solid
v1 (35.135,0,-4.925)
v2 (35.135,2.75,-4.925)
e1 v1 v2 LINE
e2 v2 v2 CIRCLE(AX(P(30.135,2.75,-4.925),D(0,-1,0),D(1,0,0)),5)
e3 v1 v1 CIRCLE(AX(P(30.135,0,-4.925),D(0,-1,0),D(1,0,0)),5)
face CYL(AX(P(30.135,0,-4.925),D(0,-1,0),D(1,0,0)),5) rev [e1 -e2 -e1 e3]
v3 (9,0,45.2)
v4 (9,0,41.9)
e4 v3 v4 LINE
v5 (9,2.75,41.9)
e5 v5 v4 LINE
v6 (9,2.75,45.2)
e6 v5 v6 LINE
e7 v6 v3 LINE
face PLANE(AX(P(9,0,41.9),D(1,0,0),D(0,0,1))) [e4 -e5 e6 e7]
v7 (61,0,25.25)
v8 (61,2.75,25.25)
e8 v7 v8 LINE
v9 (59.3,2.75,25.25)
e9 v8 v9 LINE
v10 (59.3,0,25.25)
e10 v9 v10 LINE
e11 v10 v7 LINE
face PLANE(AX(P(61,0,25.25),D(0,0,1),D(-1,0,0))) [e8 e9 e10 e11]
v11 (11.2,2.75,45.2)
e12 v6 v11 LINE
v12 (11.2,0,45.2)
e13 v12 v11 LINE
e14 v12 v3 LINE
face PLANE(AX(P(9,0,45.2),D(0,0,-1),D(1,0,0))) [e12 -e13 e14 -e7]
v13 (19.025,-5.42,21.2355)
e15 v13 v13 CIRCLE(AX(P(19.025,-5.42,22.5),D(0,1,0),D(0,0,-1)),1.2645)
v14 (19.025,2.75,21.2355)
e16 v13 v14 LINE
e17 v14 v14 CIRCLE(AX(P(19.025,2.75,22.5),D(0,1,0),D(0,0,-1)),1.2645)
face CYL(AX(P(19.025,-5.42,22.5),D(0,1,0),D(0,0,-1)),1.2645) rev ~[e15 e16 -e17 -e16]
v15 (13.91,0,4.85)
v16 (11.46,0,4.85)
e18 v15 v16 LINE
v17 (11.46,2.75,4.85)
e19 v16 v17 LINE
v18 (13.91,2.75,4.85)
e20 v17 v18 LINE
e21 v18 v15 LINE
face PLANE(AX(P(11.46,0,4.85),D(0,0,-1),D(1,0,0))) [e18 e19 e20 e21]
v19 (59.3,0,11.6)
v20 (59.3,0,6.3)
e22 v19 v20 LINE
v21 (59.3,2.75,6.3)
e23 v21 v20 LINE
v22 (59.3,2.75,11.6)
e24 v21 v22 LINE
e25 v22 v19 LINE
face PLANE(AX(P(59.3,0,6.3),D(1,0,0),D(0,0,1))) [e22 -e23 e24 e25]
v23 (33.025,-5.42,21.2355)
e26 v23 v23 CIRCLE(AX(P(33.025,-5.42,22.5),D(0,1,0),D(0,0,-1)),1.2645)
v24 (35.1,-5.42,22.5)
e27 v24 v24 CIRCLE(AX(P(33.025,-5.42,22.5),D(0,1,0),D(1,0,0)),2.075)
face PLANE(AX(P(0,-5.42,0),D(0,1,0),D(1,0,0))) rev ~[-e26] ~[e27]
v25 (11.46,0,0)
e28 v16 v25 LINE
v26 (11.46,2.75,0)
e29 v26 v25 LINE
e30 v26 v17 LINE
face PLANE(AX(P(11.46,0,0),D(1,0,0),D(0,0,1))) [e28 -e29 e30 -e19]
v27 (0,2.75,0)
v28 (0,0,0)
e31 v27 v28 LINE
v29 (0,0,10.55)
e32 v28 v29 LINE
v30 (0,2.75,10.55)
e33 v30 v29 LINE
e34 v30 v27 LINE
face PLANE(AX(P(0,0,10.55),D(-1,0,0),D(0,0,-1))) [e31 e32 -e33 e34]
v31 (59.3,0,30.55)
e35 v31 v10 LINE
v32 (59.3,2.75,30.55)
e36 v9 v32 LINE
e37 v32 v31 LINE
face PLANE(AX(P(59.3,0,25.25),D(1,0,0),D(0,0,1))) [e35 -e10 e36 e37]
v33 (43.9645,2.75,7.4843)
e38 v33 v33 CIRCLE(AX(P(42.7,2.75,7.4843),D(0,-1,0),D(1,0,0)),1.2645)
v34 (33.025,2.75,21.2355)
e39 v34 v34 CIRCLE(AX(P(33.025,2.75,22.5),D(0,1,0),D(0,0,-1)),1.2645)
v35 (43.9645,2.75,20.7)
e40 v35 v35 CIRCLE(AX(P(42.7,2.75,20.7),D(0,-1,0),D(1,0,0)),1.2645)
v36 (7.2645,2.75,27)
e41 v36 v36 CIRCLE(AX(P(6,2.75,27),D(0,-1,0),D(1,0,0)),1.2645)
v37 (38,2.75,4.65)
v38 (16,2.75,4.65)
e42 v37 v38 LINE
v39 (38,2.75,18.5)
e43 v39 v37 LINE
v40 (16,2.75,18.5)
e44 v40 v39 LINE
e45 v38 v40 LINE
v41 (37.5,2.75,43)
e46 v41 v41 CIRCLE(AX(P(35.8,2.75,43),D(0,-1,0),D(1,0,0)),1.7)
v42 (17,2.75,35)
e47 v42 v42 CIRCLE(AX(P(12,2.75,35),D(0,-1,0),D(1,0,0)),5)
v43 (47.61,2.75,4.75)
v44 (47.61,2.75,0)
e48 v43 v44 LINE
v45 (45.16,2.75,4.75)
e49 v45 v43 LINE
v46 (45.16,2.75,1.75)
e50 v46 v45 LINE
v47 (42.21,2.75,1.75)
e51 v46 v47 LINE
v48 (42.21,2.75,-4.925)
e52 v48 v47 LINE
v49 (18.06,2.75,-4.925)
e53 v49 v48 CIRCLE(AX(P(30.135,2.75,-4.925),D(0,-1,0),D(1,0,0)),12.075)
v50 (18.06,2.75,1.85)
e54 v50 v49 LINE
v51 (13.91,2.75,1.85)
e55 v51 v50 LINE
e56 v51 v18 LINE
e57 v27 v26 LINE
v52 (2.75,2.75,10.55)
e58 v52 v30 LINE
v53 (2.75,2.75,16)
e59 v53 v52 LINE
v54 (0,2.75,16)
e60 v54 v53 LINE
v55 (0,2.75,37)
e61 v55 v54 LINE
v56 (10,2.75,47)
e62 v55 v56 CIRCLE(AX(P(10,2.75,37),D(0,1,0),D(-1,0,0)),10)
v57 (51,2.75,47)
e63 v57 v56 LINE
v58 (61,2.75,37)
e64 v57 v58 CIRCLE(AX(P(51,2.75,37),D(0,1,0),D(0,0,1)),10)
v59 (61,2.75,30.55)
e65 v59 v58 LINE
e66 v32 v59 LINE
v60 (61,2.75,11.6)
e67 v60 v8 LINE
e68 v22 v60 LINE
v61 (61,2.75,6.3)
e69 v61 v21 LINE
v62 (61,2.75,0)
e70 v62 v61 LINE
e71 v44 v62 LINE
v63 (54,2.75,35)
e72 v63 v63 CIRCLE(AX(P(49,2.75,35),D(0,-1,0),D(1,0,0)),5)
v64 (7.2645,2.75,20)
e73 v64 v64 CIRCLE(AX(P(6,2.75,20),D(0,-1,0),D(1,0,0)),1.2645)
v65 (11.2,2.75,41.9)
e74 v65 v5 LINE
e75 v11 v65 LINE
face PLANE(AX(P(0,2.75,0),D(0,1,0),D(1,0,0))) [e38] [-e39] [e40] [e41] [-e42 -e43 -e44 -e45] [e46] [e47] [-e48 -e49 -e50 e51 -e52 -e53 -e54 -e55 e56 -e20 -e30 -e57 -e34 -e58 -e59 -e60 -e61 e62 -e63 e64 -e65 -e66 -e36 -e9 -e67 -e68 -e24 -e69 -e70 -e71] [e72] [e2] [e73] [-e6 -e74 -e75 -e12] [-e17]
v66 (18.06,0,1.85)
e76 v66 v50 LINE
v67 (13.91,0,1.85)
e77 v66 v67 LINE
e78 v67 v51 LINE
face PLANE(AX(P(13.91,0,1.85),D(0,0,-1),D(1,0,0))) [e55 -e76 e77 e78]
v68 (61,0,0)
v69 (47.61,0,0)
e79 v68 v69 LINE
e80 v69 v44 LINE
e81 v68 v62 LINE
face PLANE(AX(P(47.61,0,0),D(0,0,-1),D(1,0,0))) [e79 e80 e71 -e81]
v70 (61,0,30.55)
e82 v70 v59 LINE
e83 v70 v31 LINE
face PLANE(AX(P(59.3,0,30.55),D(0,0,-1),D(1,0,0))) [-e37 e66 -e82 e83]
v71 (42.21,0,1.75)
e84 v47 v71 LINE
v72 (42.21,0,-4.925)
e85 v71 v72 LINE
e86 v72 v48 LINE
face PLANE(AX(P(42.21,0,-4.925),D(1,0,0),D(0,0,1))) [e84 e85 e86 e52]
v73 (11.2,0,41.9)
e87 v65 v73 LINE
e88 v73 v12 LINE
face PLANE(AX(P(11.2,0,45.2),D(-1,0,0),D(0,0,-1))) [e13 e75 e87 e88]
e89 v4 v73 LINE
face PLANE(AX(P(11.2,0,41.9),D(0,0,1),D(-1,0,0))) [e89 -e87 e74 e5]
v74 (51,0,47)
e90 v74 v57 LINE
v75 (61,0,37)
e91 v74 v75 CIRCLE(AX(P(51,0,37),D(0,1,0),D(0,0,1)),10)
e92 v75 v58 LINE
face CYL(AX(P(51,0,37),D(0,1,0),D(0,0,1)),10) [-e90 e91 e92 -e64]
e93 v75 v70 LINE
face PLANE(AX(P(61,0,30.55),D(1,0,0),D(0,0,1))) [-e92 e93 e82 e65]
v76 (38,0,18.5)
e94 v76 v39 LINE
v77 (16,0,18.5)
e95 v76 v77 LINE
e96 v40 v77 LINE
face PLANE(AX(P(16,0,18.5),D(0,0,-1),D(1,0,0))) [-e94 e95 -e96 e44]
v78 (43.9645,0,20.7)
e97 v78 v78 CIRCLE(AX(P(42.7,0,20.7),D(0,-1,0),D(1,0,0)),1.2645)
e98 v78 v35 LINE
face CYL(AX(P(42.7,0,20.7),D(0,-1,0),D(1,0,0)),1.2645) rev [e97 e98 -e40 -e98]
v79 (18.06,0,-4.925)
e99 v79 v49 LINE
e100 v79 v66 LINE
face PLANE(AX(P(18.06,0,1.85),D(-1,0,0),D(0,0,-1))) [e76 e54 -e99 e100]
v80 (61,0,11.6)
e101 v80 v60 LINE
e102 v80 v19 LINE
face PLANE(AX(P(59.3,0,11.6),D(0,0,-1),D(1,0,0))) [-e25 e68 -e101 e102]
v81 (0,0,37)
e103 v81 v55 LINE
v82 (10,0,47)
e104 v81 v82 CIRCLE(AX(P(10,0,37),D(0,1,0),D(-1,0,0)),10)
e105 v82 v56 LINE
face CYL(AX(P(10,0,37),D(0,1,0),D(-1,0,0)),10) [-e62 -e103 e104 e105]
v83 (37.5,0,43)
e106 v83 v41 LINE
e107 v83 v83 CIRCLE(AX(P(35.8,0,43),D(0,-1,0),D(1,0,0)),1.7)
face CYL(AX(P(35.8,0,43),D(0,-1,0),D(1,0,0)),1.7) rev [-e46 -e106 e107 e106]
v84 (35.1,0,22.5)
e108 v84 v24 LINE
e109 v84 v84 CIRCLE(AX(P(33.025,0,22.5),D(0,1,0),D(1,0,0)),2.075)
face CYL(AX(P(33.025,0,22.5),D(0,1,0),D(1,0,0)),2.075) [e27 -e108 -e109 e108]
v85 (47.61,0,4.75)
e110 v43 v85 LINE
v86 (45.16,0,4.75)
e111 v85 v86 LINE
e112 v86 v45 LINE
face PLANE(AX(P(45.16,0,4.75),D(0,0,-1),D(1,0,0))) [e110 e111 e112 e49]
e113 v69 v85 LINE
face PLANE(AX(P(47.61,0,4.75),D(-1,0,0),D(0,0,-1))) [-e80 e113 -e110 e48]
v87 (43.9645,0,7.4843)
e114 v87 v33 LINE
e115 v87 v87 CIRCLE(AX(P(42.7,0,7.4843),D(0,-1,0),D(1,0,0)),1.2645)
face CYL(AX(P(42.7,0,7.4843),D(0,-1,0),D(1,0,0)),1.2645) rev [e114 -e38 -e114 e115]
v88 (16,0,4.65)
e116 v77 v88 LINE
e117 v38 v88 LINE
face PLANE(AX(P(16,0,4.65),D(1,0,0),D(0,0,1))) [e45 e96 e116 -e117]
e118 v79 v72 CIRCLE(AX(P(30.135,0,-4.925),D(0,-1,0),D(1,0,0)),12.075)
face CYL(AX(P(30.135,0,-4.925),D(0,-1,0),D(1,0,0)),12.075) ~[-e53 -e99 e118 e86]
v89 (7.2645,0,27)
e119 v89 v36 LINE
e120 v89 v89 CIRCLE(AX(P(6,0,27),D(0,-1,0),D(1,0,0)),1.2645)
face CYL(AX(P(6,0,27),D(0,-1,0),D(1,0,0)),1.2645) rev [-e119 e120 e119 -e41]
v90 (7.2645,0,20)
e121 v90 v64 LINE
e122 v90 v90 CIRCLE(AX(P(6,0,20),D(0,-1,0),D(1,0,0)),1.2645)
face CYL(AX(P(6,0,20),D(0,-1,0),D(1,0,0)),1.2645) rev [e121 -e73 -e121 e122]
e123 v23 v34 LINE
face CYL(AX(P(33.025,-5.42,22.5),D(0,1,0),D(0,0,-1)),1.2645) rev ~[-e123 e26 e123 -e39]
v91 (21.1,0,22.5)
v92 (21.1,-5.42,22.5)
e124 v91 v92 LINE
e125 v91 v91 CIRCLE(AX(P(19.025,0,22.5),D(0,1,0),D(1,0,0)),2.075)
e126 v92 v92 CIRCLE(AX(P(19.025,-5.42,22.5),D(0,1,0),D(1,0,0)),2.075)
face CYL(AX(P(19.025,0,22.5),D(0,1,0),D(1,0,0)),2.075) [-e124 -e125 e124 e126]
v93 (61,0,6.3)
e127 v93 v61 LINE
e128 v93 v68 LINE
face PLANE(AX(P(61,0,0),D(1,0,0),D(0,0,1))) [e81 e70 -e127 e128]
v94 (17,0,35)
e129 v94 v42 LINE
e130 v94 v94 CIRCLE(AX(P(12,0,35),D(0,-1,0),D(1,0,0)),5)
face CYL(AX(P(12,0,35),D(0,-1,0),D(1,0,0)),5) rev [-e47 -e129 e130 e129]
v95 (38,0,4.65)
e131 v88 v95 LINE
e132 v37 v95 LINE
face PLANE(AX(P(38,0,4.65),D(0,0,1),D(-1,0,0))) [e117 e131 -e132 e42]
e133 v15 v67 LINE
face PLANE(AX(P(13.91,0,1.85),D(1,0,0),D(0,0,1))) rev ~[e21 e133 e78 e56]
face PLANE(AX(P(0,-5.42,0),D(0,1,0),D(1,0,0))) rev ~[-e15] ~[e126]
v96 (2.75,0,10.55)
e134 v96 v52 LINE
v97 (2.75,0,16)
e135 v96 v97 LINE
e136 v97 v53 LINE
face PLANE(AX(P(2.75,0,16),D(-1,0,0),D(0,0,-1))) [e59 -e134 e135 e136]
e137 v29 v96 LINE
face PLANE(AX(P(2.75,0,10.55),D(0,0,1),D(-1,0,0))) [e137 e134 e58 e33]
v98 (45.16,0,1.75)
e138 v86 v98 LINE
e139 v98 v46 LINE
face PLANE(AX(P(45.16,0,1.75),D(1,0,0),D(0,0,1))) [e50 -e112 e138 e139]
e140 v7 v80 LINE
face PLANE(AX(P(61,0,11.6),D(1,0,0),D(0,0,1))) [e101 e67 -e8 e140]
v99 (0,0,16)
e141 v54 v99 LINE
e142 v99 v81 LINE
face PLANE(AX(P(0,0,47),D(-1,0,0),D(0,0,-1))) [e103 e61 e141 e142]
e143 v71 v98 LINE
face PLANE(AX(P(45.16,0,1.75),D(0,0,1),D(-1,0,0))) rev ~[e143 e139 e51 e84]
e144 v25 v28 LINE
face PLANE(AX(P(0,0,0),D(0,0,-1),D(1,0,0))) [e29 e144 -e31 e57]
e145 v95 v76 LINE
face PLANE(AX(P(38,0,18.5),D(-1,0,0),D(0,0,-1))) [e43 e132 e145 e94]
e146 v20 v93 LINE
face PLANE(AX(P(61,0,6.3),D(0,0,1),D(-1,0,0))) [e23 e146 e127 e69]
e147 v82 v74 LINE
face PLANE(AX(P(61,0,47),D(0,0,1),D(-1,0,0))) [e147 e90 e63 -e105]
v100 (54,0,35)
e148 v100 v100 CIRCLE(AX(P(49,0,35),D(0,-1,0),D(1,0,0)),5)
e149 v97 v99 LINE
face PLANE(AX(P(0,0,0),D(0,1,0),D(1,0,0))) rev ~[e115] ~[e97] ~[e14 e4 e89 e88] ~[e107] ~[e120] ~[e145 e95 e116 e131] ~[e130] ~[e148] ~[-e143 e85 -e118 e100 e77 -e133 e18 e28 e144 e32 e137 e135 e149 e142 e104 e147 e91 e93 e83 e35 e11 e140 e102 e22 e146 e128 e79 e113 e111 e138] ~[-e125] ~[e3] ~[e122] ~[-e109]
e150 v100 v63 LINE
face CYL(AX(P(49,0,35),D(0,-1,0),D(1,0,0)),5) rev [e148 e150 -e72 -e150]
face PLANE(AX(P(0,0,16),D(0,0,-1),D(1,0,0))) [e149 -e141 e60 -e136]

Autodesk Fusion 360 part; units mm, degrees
sketch "Sketch1" plane through (0, 0, 0) normal (0, 1, 0) x (1, 0, 0)
  line L0 (0, 0) -> (61, 0)
  line L1 (61, 0) -> (61, -47)
  line L2 (61, -47) -> (0, -47)
  line L3 (0, -47) -> (0, 0)
  circle A0 centre (12, -35) radius 5
  line L4 (0, -16) -> (2.75, -16)
  line L5 (2.75, -16) -> (2.75, -10.55)
  line L6 (2.75, -10.55) -> (0, -10.55)
  line L7 (11.46, 0) -> (11.46, -4.85)
  line L8 (11.46, -4.85) -> (13.91, -4.85)
  line L9 (13.91, -1.85) -> (13.91, -4.85)
  line L10 (18.06, 0) -> (18.06, 4.925)
  line L11 (18.06, 4.925) -> (42.21, 4.925) construction
  line L12 (42.21, 4.925) -> (42.21, 0)
  arc A1 (42.21, 4.925) -> (18.06, 4.925) centre (30.135, 4.925) ccw
  line L13 (45.16, -1.75) -> (45.16, -4.75)
  line L14 (45.16, -4.75) -> (47.61, -4.75)
  line L15 (47.61, -4.75) -> (47.61, 0)
  line L16 (61, -6.3) -> (59.3, -6.3)
  line L17 (59.3, -6.3) -> (59.3, -11.6)
  line L18 (59.3, -11.6) -> (61, -11.6)
  line L19 (61, -25.25) -> (59.3, -25.25)
  line L20 (59.3, -25.25) -> (59.3, -30.55)
  line L21 (59.3, -30.55) -> (61, -30.55)
  line L22 (16, -18.5) -> (38, -18.5)
  line L23 (38, -18.5) -> (38, -4.65)
  line L24 (38, -4.65) -> (16, -4.65)
  line L25 (16, -4.65) -> (16, -18.5)
  circle A2 centre (19.025, -22.5) radius 2.075
  circle A3 centre (33.025, -22.5) radius 2.075
  circle A4 centre (42.7, -20.7) radius 1.5
  circle A5 centre (42.7, -7.4843) radius 1.5
  circle A6 centre (35.8, -43) radius 1.7
  line L26 (13.91, -1.85) -> (18.06, -1.85)
  line L27 (18.06, -1.85) -> (18.06, 0)
  line L28 (30.135, 17) -> (48.0908, 17) construction
  line L29 (42.21, 0) -> (42.21, -1.75)
  line L30 (45.16, -1.75) -> (42.21, -1.75)
  circle A7 centre (49, -35) radius 5
  line L31 (12, -35) -> (49, -35) construction
  line L32 (42.7, -20.7) -> (42.7, -7.4843) construction
  line L33 (9, -45.2) -> (11.2, -45.2)
  line L34 (11.2, -45.2) -> (11.2, -41.9)
  line L35 (11.2, -41.9) -> (9, -41.9)
  line L36 (9, -41.9) -> (9, -45.2)
  line L37 (19.025, -22.5) -> (33.025, -22.5) construction
  circle A8 centre (6, -27) radius 1.5
  circle A9 centre (6, -20) radius 1.5
  line L38 (45.16, 0) -> (45.16, -1.75) construction
  line L39 (13.91, 0) -> (13.91, -1.85) construction
  circle A10 centre (30.135, 4.925) radius 5
  point P0 (6, -27)
  point P1 (6, -20)
  point P2 (12, -35)
  dimension "d1" = 61
  dimension "d2" = 47
  dimension "d3" = 7
  dimension "d4" = 6
  dimension "d5" = 20
  dimension "d20" = 12
  dimension "d21" = 12
  dimension "d22" = 10
  dimension "d25" = 31
  dimension "d26" = 5.45
  dimension "d28" = 2.45
  dimension "d29" = 4.85
  dimension "d30" = 3
  dimension "d32" = 24.15
  dimension "d35" = 11.46
  dimension "d37" = 4.75
  dimension "d38" = 2.45
  dimension "d39" = 13.39
  dimension "d40" = 6.3
  dimension "d41" = 5.3
  dimension "d42" = 1.7
  dimension "d43" = 1.7
  dimension "d44" = 13.65
  dimension "d47" = 5.3
  dimension "d48" = 16.45
  dimension "d49" = 3
  dimension "d50" = 14
  dimension "d51" = 22
  dimension "d52" = 13.85
  dimension "d53" = 16
  dimension "d54" = 4
  dimension "d55" = 10
  dimension "d56" = 12
  dimension "d57" = 25.2
  dimension "d58" = 4
  dimension "d59" = 13.2157
  dimension "d60" = 9
  dimension "d61" = 4.15
  dimension "d62" = 3.4
  dimension "d63" = 3
  dimension "d64" = 3
  dimension "d65" = 6
  dimension "d66" = 20
  dimension "d67" = 3
  dimension "d68" = 18.3
  dimension "d69" = 5.4
  dimension "d70" = 6.6
  dimension "d71" = 26.3
  dimension "d72" = 28.5
  dimension "d73" = 19.025
  dimension "d74" = 10
  dimension "d75" = 3.3
  dimension "d76" = 2.2
  dimension "d77" = 1.8
  dimension "d86" = 2.75
  dimension "d87" = 64
extrude "Extrude1" add sketch "Sketch1" along normal blind 2.75 contours L0 L1 L2 L3 L4 L5 L6 L7 L8 L9 L13 L14 L15 L16 L17 L18 L19 L20 L21 L26 L27 L29 L30 A10 | L0 L10 L12 A1 A10 | A2 | A3
extrude "Extrude3" add sketch "Sketch1" against normal blind 5.42 contours A2 | A3
fillet "Fillet1" radius 10 2 edges at (0, 1.375, 47) (61, 1.375, 47)
hole "Hole3" at (19.025, -5.42, 22.5) direction (0, 1, 0) diameter 3 end through all
hole "Hole4" at (33.025, -5.42, 22.5) direction (0, 1, 0) diameter 3 depth 8.17 tip angle 118
thread "Thread1" "ISO Metric profile 3.0 M3x0.5 6H" major diameter 3.086 minor diameter 2.529 pitch 0.5 angle 60 resizes the face on face at (43.1777, 1.8333, 19.2781)
thread "Thread2" "ISO Metric profile 3.0 M3x0.5 6H" major diameter 3.086 minor diameter 2.529 pitch 0.5 angle 60 resizes the face on face at (43.1063, 1.8333, 8.9282)
thread "Thread3" "ISO Metric profile 3.0 M3x0.5 6H" major diameter 3.086 minor diameter 2.529 pitch 0.5 angle 60 resizes the face on face at (19.1744, -2.6967, 23.9925)
thread "Thread4" "ISO Metric profile 3.0 M3x0.5 6H" major diameter 3.086 minor diameter 2.529 pitch 0.5 angle 60 resizes the face on face at (33.538, -2.6967, 21.0905)
thread "Thread5" "ISO Metric profile 3.0 M3x0.5 6H" major diameter 3.086 minor diameter 2.529 pitch 0.5 angle 60 resizes the face on face at (7.4925, 1.8333, 19.8506)
thread "Thread6" "ISO Metric profile 3.0 M3x0.5 6H" major diameter 3.086 minor diameter 2.529 pitch 0.5 angle 60 resizes the face on face at (7.4925, 1.8333, 26.8506)
extrude "Extrude2" [suppressed]
equation "d71 = 24.8 mm + ( d63 / 2 )"
equation "d73 = 21.1 mm - d61 / 2"
